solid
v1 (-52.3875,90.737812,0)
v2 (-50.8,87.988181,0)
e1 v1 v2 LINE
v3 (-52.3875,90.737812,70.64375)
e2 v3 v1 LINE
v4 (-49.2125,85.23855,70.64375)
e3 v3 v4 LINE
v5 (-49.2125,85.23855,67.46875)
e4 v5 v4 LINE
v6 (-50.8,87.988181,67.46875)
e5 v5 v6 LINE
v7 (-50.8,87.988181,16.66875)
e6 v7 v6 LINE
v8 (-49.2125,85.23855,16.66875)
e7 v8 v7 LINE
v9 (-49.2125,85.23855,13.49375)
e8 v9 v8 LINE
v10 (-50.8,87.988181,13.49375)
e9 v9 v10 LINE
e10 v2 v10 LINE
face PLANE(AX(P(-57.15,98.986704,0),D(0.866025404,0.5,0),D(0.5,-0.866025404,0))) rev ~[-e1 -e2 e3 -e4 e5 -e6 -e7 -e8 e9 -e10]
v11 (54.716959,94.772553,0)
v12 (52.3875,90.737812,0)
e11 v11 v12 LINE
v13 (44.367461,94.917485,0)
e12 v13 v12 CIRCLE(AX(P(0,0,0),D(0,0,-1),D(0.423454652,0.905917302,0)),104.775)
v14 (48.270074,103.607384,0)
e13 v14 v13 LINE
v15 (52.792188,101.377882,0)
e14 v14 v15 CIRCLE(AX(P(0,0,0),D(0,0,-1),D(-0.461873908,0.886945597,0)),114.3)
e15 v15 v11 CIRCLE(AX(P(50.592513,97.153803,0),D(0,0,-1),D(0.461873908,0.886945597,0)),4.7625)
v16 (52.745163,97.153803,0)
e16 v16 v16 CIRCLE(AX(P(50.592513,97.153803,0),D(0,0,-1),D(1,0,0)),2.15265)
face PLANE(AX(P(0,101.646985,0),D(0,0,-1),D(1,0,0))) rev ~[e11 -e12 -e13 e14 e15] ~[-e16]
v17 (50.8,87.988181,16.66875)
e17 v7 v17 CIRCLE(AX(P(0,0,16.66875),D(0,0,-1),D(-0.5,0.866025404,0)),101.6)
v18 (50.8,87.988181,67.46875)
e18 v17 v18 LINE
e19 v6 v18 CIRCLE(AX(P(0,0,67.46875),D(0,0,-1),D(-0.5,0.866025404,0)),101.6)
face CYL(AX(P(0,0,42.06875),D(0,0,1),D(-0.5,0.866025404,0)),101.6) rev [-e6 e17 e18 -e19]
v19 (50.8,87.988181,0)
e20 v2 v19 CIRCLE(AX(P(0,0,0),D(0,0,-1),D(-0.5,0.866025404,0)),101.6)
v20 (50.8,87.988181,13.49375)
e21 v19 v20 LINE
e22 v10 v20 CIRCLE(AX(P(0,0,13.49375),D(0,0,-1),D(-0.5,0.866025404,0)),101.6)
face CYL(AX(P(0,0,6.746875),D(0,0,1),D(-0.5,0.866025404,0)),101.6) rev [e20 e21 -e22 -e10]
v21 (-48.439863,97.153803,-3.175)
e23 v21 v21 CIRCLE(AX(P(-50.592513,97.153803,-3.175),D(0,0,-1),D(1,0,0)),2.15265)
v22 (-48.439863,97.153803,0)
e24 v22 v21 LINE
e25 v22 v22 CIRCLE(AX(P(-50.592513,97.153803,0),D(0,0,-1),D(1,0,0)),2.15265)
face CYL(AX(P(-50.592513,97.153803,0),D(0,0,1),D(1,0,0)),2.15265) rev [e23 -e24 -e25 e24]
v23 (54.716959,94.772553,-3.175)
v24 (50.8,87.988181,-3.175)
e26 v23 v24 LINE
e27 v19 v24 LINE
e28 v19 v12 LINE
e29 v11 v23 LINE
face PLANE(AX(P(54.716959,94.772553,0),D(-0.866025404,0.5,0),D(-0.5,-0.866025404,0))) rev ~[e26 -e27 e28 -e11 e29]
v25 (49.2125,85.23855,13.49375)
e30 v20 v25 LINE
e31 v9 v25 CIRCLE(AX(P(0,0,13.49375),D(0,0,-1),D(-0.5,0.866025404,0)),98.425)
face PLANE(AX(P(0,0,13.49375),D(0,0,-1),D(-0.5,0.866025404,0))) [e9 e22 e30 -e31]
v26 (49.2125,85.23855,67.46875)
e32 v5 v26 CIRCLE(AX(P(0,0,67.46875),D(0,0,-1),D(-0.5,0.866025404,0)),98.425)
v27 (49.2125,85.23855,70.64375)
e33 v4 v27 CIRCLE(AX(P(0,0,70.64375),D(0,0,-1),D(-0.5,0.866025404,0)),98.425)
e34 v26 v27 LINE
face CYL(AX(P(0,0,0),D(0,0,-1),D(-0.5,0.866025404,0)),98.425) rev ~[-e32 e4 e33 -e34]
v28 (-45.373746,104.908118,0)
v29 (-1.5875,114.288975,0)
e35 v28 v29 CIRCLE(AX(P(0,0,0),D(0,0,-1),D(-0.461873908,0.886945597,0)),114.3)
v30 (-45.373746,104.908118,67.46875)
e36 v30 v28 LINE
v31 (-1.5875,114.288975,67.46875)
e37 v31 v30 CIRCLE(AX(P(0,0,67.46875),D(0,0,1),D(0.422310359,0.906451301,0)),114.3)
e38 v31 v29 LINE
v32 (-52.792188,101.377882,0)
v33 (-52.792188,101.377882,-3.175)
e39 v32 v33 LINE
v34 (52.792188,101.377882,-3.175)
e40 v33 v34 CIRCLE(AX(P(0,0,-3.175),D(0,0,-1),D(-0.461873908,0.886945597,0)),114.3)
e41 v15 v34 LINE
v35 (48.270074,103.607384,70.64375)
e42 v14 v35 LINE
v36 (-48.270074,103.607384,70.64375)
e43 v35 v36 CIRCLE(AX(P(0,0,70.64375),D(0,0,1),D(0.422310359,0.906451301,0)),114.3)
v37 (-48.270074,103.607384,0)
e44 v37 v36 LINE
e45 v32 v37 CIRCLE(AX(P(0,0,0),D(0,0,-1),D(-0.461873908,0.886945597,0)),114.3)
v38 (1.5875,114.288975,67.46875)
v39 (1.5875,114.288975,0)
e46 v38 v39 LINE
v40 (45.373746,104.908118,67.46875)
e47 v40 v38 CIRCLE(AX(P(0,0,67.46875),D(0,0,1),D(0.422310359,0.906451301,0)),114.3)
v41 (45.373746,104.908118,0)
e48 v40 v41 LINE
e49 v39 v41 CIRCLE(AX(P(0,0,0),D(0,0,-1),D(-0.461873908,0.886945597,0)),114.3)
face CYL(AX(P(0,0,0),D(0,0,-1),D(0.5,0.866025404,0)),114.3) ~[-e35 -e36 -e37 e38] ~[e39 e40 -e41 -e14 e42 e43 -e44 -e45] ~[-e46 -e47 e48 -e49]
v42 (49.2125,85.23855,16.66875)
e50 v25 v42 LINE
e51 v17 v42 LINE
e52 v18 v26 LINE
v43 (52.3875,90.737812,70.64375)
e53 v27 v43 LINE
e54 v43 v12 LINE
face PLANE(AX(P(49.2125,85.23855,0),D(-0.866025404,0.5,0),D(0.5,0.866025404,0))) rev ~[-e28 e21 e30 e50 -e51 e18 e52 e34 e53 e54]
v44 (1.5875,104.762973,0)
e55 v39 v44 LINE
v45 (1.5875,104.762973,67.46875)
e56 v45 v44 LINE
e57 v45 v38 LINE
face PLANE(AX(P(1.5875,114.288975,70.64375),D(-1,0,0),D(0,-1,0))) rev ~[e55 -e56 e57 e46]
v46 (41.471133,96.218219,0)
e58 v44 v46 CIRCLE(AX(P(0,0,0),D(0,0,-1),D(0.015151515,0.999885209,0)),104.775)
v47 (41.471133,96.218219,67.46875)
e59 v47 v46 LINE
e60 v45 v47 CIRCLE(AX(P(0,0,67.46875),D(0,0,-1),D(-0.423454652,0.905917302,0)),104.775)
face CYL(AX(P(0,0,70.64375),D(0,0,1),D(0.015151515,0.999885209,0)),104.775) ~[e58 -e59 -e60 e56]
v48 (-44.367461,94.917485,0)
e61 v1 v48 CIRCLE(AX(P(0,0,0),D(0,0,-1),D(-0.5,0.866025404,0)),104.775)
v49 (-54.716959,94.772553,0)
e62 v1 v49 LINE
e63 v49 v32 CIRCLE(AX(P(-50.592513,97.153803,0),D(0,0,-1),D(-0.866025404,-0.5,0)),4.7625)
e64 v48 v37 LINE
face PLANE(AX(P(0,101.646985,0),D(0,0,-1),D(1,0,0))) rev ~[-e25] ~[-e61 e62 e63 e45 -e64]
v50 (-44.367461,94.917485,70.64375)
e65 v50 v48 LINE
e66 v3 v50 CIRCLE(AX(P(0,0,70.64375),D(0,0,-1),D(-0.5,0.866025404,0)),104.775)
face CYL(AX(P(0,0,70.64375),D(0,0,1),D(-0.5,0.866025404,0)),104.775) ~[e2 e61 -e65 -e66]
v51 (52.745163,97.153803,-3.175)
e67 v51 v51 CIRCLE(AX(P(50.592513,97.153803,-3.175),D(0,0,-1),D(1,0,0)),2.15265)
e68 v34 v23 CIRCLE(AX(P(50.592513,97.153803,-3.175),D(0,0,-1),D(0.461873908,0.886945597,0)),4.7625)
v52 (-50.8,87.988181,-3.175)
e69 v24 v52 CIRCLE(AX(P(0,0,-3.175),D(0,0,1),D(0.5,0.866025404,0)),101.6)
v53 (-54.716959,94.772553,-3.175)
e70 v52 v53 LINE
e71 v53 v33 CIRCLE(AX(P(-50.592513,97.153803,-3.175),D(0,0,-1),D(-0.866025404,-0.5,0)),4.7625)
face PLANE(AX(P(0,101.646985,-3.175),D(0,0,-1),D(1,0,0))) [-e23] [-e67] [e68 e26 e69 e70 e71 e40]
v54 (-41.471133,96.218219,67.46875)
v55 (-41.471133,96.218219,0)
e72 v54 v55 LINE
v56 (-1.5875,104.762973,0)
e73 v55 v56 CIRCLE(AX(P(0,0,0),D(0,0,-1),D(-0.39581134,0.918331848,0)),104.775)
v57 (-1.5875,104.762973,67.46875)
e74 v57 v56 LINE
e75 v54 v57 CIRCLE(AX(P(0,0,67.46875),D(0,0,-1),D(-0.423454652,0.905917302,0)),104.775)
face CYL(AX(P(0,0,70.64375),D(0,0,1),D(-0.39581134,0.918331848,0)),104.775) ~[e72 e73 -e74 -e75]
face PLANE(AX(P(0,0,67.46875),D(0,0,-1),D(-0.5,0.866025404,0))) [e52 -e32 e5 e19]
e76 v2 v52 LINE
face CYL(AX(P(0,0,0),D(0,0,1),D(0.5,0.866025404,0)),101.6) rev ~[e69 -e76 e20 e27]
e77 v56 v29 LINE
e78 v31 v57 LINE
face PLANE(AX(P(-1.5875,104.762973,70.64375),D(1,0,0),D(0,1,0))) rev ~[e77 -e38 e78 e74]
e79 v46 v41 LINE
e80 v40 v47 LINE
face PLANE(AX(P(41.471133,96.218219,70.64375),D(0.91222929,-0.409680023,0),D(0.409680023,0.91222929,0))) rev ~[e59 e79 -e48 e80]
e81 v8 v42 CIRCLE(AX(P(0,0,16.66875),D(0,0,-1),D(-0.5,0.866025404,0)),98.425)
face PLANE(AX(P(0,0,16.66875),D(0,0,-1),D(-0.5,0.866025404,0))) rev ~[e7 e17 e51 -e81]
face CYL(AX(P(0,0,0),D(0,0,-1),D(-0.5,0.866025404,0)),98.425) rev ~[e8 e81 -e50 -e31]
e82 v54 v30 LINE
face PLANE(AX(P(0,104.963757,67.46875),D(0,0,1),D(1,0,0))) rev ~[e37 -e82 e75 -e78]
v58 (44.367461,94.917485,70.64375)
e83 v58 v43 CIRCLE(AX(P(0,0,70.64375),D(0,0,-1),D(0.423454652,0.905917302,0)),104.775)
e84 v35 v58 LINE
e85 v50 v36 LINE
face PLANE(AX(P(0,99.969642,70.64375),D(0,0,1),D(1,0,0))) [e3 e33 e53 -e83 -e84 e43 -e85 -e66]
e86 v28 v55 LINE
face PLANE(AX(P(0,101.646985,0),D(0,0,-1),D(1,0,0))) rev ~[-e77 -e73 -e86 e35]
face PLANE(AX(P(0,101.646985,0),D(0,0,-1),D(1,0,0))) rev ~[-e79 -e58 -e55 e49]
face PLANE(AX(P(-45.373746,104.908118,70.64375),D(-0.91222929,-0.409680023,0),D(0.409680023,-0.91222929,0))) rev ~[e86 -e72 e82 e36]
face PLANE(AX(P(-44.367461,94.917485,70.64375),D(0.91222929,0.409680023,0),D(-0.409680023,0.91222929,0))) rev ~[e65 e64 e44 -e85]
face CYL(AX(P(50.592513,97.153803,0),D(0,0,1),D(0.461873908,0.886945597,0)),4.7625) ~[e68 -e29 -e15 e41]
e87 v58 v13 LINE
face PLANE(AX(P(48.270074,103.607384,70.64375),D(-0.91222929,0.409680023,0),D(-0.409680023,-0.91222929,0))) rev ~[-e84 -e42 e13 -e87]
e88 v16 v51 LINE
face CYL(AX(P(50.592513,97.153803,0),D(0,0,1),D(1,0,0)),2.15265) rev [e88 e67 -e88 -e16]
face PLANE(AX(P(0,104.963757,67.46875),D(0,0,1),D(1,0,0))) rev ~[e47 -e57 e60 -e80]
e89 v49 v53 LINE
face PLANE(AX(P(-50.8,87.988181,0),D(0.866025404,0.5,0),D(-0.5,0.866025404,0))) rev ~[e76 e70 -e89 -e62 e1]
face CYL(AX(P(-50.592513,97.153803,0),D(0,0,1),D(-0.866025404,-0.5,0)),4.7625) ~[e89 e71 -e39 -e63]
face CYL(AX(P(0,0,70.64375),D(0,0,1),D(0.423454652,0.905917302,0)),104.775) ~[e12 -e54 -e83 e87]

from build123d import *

# Parameters (mm, degrees)
F1_DEPTH = 70.64375
F2_W     = 3.175
F2_H     = 50.8
F2_H_2   = 13.49375
F5_DEPTH = 70.64375
F6_R     = 2.15265
F7_DEPTH = 3.175
F9_DEPTH = 3.175


with BuildPart() as f1:
    # F0 (on Top) → F1 (new body)
    with BuildSketch(Plane.XY):
        with BuildLine():
            ThreePointArc((-49.2125, 85.2385503675), (0, 98.425), (49.2125, 85.2385503675))
            Line((49.2125, 85.2385503675), (57.15, 98.9867036526))
            ThreePointArc((57.15, 98.9867036526), (0, 114.3), (-57.15, 98.9867036526))
            Line((-57.15, 98.9867036526), (-49.2125, 85.2385503675))
        make_face()
    extrude(amount=F1_DEPTH)

    # F2 (on face) → F3 (revolve, cut)
    with BuildSketch(Plane(origin=(0, 0, 0), x_dir=(0.5, -0.8660254038, 0), z_dir=(-0.8660254038, -0.5, 0))):
        with Locations((-100.0125, 42.06875)):
            Rectangle(F2_W, F2_H)
        with Locations((-100.0125, 6.746875)):
            Rectangle(F2_W, F2_H_2)
    revolve(axis=Axis((0, 0, 0), (0, 0, -1)), mode=Mode.SUBTRACT)

    # F4 (on face) → F5 (cut, through all)
    with BuildSketch(Plane.XY.offset(70.64375)):
        with BuildLine():
            ThreePointArc((-48.2700740152, 103.6073836875), (-52.7606451092, 101.3943012583), (-57.15, 98.9867036526))
            Line((-57.15, 98.9867036526), (-52.3875, 90.7378116815))
            ThreePointArc((-52.3875, 90.7378116815), (-48.4225984878, 92.9142216277), (-44.3674611423, 94.9174853059))
            Line((-44.3674611423, 94.9174853059), (-48.2700740152, 103.6073836875))
        make_face()
        with BuildLine():
            Line((-45.3737460178, 104.9081177617), (-41.4711331449, 96.2182193801))
            ThreePointArc((-41.4711331449, 96.2182193801), (-21.9491383614, 102.4501632512), (-1.5875, 104.7629727945))
            Line((-1.5875, 104.7629727945), (-1.5875, 114.2889751627))
            ThreePointArc((-1.5875, 114.2889751627), (-23.944514576, 111.7638144558), (-45.3737460178, 104.9081177617))
        make_face()
        with BuildLine():
            Line((1.5875, 114.2889751627), (1.5875, 104.7629727945))
            ThreePointArc((1.5875, 104.7629727945), (21.9491383614, 102.4501632512), (41.4711331449, 96.2182193801))
            Line((41.4711331449, 96.2182193801), (45.3737460178, 104.9081177617))
            ThreePointArc((45.3737460178, 104.9081177617), (23.944514576, 111.7638144558), (1.5875, 114.2889751627))
        make_face()
        with BuildLine():
            ThreePointArc((44.3674611423, 94.9174853059), (48.4225984878, 92.9142216277), (52.3875, 90.7378116815))
            Line((52.3875, 90.7378116815), (57.15, 98.9867036526))
            ThreePointArc((57.15, 98.9867036526), (52.7606451092, 101.3943012583), (48.2700740152, 103.6073836875))
            Line((48.2700740152, 103.6073836875), (44.3674611423, 94.9174853059))
        make_face()
    extrude(amount=-F5_DEPTH, mode=Mode.SUBTRACT)

    # F6 (on face) → F7 (join)
    with BuildSketch(Plane(origin=(0, 0, 0), x_dir=(1, 0, 0), z_dir=(0, 0, -1))):
        with BuildLine():
            ThreePointArc((50.8, -87.9881810245), (0, -101.6), (-50.8, -87.9881810245))
            Line((-50.8, -87.9881810245), (-54.7169592083, -94.7725533844))
            ThreePointArc((-54.7169592083, -94.7725533844), (-55.1648447708, -98.4861661221), (-52.7921877107, -101.3778817924))
            ThreePointArc((-52.7921877107, -101.3778817924), (0, -114.3), (52.7921877107, -101.3778817924))
            ThreePointArc((52.7921877107, -101.3778817924), (55.1648447708, -98.4861661221), (54.7169592083, -94.7725533844))
            Line((54.7169592083, -94.7725533844), (50.8, -87.9881810245))
        make_face()
        with Locations((-50.5925132228, -97.1538033844)):
            Circle(F6_R, mode=Mode.SUBTRACT)
        with Locations((50.5925132228, -97.1538033844)):
            Circle(F6_R, mode=Mode.SUBTRACT)
    extrude(amount=F7_DEPTH)

    # F8 (on face) → F9 (join)
    with BuildSketch(Plane.XY.offset(70.64375)):
        with BuildLine():
            Line((44.3674611423, 94.9174853059), (48.2700740152, 103.6073836875))
            ThreePointArc((48.2700740152, 103.6073836875), (0, 114.3), (-48.2700740152, 103.6073836875))
            Line((-48.2700740152, 103.6073836875), (-44.3674611423, 94.9174853059))
            ThreePointArc((-44.3674611423, 94.9174853059), (0, 104.775), (44.3674611423, 94.9174853059))
        make_face()
    extrude(amount=-F9_DEPTH)


solid = f1.part
